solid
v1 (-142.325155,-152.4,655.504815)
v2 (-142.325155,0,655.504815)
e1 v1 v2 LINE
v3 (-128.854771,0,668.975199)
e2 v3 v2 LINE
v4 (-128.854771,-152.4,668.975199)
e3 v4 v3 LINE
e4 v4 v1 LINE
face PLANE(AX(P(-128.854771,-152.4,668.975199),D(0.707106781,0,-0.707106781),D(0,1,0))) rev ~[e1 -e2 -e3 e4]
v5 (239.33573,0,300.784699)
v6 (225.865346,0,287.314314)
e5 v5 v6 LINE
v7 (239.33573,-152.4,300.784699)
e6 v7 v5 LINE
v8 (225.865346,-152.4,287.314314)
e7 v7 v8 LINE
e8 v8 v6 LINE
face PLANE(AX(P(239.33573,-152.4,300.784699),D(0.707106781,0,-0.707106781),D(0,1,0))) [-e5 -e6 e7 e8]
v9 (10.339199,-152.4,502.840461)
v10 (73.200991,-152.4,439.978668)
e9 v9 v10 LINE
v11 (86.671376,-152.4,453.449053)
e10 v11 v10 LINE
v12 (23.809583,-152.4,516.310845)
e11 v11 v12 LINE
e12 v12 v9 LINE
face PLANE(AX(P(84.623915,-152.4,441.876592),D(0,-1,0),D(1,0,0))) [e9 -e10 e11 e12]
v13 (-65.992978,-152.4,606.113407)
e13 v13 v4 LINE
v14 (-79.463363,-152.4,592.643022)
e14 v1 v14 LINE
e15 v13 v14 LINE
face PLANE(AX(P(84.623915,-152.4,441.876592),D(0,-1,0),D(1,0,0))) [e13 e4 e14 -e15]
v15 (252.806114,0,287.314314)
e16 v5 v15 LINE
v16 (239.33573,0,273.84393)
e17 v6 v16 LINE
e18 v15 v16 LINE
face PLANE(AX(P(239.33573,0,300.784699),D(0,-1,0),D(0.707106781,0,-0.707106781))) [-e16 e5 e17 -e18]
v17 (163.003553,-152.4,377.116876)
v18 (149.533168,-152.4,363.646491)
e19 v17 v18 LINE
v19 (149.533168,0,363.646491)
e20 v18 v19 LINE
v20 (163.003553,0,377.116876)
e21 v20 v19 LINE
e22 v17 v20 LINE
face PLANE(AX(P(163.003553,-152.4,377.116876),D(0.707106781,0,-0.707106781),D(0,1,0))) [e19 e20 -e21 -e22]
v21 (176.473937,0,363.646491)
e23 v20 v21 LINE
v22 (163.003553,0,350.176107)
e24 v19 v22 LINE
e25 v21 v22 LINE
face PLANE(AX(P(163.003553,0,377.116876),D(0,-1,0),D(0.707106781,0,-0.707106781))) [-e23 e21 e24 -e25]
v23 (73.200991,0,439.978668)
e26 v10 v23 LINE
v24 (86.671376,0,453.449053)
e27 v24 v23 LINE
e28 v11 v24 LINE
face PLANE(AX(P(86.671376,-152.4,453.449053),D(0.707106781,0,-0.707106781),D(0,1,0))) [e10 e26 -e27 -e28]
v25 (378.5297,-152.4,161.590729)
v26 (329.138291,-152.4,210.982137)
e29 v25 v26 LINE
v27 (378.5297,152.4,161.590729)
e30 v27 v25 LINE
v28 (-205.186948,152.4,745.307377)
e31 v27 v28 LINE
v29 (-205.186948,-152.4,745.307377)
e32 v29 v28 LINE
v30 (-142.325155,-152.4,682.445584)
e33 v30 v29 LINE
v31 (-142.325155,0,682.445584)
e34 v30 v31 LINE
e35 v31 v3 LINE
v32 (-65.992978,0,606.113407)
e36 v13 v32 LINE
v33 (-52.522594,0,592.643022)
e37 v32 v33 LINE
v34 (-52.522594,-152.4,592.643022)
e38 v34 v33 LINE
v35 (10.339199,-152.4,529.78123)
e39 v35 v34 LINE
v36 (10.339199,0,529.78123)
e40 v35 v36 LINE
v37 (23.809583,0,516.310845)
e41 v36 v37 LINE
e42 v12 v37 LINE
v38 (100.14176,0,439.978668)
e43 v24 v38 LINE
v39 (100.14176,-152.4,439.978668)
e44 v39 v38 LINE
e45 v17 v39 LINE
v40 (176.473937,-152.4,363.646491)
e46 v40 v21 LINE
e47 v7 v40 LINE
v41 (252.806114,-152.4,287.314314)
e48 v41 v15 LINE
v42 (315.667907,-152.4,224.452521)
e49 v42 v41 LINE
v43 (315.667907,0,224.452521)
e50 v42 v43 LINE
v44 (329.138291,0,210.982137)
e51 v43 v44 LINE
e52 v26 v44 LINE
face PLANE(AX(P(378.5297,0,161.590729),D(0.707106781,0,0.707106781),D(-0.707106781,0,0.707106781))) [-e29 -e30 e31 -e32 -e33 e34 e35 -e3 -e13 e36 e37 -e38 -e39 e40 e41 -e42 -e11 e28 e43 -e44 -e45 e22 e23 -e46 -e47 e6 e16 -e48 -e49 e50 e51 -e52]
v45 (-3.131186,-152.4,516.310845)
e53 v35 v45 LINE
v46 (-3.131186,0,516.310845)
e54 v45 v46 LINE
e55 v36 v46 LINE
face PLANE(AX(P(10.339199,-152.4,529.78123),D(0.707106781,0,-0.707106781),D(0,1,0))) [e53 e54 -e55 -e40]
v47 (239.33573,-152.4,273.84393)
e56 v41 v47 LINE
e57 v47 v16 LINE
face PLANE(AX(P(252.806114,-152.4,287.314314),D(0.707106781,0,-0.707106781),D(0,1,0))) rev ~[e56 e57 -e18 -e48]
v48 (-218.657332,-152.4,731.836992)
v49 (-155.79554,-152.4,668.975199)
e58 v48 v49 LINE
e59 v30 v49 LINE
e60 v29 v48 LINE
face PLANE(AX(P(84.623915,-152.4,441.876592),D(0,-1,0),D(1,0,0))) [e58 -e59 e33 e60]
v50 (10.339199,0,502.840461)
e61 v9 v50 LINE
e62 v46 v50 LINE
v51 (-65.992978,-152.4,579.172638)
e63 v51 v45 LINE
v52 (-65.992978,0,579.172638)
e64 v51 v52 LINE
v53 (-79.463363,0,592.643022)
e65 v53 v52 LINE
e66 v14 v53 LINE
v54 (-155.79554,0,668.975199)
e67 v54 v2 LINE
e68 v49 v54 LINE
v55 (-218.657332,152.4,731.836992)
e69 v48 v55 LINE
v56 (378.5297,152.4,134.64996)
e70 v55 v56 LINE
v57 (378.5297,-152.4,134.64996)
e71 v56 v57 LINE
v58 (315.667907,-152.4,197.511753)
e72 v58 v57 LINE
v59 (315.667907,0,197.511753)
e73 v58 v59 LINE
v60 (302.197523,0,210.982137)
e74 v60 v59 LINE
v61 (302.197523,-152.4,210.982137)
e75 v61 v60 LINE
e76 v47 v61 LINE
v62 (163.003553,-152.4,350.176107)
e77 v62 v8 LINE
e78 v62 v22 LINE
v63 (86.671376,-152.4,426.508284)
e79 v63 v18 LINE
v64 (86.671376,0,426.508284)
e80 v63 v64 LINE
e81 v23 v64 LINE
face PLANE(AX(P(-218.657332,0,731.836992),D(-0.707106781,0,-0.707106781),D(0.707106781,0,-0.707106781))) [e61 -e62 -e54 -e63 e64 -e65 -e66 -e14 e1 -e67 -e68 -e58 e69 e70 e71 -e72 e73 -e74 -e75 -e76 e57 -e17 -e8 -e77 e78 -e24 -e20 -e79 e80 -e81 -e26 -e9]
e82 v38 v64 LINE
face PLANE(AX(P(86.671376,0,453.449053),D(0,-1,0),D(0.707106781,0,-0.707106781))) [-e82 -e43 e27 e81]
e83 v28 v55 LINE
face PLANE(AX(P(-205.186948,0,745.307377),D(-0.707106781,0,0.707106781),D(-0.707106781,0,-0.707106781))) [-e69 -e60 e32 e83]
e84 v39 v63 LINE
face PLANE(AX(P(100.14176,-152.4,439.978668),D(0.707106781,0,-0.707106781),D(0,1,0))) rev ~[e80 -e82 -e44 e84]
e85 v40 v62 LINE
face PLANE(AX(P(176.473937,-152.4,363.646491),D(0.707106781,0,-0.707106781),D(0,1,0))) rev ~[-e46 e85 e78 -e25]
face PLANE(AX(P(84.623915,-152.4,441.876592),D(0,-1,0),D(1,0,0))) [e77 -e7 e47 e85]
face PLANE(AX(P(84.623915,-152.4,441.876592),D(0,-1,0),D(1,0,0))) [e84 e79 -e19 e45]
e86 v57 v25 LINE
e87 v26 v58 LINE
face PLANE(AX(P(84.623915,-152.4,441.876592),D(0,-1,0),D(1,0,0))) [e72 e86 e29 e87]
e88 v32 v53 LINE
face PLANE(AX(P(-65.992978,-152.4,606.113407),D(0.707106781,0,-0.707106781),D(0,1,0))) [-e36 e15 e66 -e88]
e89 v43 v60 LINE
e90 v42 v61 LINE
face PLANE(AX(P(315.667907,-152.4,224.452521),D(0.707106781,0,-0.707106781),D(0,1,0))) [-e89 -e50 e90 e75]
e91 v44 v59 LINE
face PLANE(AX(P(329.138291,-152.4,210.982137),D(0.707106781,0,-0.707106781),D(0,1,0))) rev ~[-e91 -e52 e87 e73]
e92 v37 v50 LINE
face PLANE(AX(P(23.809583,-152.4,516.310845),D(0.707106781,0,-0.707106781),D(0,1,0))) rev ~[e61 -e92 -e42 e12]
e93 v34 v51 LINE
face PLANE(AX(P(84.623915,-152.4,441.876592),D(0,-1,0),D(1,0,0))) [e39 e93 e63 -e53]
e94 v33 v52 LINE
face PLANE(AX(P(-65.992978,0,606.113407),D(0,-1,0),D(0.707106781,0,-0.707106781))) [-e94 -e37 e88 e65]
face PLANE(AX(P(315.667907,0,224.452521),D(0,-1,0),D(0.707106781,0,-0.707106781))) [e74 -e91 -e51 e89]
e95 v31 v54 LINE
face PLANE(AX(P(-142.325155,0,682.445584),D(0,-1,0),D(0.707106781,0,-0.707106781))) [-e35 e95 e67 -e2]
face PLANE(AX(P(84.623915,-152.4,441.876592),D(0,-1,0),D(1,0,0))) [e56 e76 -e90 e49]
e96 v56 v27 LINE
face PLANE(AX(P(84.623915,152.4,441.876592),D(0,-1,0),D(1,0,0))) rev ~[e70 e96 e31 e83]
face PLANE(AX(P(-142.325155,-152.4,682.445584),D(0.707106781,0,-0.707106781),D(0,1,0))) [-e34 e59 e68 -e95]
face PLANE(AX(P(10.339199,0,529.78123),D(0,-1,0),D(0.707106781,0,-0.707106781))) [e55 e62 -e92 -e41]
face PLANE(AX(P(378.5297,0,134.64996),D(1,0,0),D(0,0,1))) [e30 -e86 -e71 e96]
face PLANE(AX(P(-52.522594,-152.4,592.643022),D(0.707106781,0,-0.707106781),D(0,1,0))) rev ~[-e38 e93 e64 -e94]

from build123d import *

# Parameters (mm, degrees)
F1_DEPTH = 152.4
F2_W     = 19.05
F2_H     = 152.4
F3_DEPTH = 19.05


with BuildPart() as f1:
    # F0 (on Front) → F1 (new body, symmetric)
    with BuildSketch(Plane.XZ):
        Polygon((-218.657332487, 731.8369923304), (378.5296995641, 134.6499602793), (378.5296995641, 161.5907286425), (-205.1869483054, 745.307376512), align=None)
    extrude(amount=F1_DEPTH, both=True)

    # F2 (on face) → F3 (cut)
    with BuildSketch(Plane(origin=(270.0602141033, 0, 270.0602141033), x_dir=(0.7071067812, 0, -0.7071067812), z_dir=(0.7071067812, 0, 0.7071067812))):
        with Locations((74.0240174423, -76.2)):
            Rectangle(F2_W, F2_H)
        with Locations((-33.9259825577, -76.2)):
            Rectangle(F2_W, F2_H)
        with Locations((-141.8759825577, -76.2)):
            Rectangle(F2_W, F2_H)
        with Locations((-249.8259825577, -76.2)):
            Rectangle(F2_W, F2_H)
        with Locations((-357.7759825577, -76.2)):
            Rectangle(F2_W, F2_H)
        with Locations((-465.7259825577, -76.2)):
            Rectangle(F2_W, F2_H)
        with Locations((-573.6759825577, -76.2)):
            Rectangle(F2_W, F2_H)
    extrude(amount=-F3_DEPTH, mode=Mode.SUBTRACT)


solid = f1.part
